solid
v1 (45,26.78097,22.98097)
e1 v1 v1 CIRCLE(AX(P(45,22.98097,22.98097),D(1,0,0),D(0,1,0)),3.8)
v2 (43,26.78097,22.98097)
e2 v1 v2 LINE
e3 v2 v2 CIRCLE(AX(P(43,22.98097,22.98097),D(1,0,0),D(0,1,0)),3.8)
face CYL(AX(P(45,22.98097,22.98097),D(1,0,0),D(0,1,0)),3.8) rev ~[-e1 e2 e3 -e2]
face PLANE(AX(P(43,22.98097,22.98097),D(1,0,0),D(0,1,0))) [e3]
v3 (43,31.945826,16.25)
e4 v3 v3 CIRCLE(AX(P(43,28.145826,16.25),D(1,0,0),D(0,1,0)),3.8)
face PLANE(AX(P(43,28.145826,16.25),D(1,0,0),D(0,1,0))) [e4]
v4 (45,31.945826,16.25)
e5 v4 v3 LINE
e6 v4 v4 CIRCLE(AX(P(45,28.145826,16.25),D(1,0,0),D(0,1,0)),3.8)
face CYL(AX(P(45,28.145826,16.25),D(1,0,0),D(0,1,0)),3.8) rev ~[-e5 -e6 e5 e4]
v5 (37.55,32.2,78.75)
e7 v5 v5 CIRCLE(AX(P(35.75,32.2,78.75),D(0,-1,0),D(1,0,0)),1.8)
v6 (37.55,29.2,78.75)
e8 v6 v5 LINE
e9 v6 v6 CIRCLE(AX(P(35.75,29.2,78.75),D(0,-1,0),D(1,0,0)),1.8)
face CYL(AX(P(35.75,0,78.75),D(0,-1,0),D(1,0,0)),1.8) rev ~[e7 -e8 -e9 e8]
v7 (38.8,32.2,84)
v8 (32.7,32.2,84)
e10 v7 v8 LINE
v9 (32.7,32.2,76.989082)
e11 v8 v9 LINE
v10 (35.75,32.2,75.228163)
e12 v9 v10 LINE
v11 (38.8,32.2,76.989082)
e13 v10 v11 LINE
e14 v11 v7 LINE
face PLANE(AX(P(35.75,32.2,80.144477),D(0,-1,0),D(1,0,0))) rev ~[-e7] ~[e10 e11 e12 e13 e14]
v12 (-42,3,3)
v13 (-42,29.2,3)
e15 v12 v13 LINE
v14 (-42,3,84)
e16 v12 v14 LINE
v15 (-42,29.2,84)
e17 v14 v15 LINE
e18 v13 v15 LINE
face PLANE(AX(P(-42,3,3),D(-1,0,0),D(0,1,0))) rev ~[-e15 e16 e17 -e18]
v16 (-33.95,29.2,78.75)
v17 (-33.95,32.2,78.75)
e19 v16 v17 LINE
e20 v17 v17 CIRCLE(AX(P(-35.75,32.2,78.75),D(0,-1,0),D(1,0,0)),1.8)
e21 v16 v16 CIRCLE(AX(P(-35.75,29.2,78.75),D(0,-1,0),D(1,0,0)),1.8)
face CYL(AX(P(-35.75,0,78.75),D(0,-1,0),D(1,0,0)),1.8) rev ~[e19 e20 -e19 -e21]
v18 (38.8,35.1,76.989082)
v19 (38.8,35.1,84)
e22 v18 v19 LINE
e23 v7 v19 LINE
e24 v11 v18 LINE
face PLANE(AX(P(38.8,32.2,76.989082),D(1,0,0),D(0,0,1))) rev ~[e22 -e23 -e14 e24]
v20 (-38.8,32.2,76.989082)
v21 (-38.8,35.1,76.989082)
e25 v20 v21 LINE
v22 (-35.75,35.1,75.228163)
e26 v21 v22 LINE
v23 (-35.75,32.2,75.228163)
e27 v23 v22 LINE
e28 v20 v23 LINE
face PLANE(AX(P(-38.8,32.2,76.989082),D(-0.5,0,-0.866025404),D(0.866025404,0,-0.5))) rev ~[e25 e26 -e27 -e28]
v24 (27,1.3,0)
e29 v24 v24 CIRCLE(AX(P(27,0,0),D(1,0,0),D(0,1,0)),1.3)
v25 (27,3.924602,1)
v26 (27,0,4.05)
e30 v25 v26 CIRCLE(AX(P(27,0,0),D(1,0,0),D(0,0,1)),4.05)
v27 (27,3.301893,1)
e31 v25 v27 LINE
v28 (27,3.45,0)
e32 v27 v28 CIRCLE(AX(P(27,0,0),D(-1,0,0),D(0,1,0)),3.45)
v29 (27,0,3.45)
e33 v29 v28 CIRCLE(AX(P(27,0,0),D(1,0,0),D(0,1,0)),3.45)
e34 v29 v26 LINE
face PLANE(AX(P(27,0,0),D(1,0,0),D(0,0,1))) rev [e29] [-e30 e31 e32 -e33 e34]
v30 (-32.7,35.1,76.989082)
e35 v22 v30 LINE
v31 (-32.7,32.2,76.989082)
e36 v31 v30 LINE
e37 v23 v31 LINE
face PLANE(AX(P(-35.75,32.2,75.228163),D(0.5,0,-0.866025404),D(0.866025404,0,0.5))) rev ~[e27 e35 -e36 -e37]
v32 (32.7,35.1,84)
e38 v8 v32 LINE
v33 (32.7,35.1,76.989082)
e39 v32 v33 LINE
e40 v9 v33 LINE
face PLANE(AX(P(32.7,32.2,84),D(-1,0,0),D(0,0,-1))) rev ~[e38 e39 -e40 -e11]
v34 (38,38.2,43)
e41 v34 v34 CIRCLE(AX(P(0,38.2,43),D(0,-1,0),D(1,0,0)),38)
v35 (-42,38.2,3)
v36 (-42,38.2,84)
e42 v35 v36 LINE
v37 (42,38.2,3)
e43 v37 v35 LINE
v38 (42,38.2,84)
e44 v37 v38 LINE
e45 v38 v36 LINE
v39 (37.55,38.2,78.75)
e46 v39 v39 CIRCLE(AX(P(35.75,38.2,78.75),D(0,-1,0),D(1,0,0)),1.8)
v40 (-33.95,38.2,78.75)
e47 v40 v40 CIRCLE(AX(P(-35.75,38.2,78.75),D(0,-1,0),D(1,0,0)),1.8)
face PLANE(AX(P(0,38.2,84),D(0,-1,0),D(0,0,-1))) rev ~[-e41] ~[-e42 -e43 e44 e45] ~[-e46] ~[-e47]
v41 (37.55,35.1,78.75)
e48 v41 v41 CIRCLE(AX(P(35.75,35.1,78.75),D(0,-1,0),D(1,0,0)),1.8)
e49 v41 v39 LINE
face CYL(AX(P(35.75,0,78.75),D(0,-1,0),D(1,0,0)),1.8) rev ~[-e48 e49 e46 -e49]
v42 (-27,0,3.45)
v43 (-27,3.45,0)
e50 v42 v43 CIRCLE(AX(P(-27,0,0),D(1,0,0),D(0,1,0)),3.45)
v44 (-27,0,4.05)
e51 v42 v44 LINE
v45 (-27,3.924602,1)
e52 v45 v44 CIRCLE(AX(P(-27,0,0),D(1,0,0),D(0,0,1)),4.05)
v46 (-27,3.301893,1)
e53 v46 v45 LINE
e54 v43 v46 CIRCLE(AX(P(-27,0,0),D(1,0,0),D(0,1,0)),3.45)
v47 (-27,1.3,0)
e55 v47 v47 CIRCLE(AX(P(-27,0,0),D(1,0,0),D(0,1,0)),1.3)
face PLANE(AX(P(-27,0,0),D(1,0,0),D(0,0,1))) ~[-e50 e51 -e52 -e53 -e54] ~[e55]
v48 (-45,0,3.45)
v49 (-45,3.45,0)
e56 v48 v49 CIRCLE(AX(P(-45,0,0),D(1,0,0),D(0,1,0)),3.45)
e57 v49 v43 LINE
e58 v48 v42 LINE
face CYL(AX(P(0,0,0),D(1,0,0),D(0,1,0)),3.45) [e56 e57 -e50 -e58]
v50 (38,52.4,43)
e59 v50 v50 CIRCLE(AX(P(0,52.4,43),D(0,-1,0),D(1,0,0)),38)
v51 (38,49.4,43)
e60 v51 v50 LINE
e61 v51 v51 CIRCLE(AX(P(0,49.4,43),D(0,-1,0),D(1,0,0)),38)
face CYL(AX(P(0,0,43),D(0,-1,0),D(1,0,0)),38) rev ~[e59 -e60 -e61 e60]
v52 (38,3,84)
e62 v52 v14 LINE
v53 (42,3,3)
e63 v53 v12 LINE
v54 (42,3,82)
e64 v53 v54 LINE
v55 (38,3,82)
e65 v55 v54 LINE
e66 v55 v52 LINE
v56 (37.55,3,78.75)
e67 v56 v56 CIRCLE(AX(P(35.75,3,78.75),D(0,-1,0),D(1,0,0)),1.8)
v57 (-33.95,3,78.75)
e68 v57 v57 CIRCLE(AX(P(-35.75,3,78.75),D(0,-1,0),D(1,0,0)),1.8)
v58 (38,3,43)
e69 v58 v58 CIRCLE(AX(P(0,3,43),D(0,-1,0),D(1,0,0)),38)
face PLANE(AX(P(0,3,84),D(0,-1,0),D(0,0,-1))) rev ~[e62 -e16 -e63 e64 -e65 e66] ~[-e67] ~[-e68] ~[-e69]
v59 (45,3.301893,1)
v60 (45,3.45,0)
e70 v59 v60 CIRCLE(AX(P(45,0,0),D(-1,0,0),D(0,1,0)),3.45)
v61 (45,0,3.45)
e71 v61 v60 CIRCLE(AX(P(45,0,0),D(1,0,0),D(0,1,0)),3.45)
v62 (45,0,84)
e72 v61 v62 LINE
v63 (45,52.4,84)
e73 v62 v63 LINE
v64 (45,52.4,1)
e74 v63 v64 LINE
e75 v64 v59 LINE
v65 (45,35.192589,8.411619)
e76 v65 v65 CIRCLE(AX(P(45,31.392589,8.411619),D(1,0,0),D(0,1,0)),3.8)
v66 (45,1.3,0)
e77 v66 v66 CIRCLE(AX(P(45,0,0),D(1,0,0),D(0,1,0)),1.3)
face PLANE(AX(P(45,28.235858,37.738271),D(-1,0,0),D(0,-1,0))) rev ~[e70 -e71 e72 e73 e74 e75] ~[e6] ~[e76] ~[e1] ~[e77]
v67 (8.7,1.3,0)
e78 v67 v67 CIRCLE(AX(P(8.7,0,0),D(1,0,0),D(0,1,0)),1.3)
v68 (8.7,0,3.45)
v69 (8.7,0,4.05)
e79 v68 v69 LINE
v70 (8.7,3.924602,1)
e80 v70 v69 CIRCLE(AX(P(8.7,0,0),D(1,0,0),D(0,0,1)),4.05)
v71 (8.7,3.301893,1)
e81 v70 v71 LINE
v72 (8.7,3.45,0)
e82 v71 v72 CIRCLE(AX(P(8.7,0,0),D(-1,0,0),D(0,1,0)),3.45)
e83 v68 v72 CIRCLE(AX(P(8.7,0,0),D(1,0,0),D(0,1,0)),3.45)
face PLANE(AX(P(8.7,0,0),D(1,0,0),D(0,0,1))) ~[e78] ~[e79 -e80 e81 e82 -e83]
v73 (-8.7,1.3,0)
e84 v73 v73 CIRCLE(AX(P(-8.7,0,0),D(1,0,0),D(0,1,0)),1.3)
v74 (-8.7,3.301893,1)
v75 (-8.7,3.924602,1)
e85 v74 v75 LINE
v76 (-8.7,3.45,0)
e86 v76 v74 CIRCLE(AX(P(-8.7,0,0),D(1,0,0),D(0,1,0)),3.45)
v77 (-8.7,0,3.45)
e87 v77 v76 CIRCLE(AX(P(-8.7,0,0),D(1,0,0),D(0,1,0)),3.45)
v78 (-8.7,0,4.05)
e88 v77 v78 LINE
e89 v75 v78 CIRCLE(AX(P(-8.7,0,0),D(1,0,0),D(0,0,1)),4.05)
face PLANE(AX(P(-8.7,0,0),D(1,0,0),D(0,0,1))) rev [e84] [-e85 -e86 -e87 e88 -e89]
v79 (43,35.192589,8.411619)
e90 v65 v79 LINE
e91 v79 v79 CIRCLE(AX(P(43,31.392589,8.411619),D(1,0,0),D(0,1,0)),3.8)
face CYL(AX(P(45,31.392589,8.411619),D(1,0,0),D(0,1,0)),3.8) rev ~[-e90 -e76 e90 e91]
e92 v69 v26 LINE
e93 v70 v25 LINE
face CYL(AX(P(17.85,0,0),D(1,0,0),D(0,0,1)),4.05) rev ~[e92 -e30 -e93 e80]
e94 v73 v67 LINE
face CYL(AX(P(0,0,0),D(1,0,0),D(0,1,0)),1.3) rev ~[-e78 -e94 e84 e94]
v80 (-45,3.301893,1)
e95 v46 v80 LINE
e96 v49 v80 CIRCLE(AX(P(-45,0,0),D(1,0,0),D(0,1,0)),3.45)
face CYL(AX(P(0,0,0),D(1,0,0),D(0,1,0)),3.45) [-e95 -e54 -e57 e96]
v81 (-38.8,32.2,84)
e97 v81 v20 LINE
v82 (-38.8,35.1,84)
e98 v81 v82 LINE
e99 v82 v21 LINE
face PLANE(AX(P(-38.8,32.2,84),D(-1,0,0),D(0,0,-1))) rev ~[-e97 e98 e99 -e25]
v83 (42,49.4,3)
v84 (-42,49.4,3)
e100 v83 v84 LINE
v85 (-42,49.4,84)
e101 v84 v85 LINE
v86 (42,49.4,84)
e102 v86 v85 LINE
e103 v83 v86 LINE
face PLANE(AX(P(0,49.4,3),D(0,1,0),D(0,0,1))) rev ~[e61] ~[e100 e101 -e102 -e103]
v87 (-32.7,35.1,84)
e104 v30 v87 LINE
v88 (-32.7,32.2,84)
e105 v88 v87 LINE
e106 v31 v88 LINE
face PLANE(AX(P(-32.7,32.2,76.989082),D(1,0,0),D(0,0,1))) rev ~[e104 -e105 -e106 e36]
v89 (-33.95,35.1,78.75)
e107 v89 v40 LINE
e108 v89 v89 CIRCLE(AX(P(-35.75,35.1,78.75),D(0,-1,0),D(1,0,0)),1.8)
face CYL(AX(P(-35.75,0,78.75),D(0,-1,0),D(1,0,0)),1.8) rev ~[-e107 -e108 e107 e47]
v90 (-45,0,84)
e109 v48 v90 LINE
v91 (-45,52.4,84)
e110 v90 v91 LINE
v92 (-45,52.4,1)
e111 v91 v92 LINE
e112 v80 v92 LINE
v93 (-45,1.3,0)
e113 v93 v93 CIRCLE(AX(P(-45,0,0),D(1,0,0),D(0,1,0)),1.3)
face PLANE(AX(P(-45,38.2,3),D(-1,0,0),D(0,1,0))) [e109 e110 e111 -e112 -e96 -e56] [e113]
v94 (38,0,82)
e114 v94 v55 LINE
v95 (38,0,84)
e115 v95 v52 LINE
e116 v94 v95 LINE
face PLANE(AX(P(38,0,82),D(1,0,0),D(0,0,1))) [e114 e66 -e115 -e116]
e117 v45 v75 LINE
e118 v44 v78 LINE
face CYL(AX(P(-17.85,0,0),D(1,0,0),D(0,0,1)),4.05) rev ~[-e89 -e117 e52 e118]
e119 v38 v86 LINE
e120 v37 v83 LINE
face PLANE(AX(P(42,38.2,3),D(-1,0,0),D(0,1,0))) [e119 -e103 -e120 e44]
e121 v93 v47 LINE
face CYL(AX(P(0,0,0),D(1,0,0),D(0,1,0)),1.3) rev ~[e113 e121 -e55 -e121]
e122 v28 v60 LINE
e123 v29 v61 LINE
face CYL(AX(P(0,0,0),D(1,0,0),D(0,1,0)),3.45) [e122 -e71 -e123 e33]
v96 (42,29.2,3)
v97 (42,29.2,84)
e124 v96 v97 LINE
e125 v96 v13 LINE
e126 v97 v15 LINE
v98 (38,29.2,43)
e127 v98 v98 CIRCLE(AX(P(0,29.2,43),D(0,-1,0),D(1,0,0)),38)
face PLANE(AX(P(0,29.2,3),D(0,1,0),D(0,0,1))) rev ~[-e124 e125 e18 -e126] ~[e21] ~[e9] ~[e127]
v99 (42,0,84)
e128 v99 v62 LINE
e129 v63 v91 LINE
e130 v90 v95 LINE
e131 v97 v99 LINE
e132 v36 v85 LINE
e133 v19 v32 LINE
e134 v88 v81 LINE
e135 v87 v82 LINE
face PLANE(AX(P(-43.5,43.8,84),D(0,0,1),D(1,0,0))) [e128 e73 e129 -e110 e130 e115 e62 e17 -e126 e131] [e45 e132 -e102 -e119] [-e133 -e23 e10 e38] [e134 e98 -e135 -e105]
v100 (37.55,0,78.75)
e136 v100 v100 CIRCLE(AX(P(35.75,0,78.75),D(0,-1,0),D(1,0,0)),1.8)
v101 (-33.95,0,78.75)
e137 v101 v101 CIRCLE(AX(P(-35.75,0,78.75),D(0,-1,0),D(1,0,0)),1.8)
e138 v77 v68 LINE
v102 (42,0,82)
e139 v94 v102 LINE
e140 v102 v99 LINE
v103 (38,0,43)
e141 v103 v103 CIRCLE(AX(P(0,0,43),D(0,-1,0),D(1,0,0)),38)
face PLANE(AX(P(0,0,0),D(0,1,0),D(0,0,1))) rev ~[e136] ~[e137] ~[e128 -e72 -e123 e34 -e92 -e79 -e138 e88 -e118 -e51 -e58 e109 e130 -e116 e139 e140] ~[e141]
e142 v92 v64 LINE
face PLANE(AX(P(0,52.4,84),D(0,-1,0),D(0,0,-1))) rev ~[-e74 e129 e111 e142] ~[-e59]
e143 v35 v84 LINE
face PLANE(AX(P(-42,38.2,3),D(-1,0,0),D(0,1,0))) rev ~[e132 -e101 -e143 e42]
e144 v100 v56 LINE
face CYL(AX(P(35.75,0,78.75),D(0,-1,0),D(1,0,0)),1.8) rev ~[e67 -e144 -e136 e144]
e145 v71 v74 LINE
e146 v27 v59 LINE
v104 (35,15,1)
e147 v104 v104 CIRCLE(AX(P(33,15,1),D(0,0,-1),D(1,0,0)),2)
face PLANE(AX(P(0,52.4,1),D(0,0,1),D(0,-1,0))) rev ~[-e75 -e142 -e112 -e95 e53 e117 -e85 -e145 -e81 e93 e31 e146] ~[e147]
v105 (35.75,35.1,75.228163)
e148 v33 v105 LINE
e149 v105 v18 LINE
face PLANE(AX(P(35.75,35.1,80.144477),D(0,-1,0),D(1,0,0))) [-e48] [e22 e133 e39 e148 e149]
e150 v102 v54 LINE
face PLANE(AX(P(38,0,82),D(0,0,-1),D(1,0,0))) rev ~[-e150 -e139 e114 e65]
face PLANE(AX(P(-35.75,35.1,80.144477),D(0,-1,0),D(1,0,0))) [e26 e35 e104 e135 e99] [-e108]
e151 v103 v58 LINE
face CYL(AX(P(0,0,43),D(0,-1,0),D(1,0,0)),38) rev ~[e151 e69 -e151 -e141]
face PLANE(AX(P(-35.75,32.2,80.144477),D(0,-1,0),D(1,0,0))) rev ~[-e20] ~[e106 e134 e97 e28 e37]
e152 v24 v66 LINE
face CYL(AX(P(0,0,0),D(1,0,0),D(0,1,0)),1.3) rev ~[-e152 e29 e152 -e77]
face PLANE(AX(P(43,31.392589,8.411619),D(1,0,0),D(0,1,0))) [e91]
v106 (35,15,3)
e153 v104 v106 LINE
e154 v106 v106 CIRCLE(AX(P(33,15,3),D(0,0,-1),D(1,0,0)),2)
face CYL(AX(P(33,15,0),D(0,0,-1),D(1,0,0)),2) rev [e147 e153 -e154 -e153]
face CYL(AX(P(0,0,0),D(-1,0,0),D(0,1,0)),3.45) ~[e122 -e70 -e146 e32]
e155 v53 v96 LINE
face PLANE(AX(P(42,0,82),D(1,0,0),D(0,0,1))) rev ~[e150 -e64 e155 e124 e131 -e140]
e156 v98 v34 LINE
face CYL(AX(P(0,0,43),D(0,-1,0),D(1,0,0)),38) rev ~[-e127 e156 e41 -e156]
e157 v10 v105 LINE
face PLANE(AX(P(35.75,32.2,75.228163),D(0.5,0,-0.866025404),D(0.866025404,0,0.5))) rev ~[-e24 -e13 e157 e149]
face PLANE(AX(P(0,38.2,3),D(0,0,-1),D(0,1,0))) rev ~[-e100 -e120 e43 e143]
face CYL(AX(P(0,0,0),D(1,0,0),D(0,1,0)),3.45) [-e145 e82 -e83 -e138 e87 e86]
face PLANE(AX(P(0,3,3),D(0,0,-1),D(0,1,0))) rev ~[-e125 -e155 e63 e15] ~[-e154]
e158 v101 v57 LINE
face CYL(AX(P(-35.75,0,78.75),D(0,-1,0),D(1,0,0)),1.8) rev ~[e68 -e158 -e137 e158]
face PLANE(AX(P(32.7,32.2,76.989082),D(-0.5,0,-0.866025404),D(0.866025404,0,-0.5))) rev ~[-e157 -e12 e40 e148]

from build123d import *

# Parameters (mm, degrees)
PAD_DEPTH            = 45
SKETCH001_R          = 38
POCKET_DEPTH         = 52.401
SKETCH005_R          = 1.8
POCKET001_DEPTH      = 38.2
SKETCH013_W          = 3
SKETCH013_H          = 26.2
PAD006_DEPTH         = 81
SKETCH014_W          = 3
SKETCH014_H          = 11.2
PAD007_DEPTH         = 81
SKETCH015_R          = 3.45
PAD008_DEPTH         = 45
SKETCH016_R          = 1.3
POCKET005_DEPTH      = 45
SKETCH017_W          = 18.3
SKETCH017_H          = 4.05
SKETCH061_R          = 3.8
POCKET021_DEPTH      = 2
SKETCH062_R          = 2
POCKET022_DEPTH      = 84.001
SKETCH064_W          = 4
SKETCH064_H          = 2
POCKET023_DEPTH      = 3
POCKET024_DEPTH      = 45.001
POCKET024_DEPTH_BACK = 45.001
POCKET029_DEPTH      = 2.9


with BuildPart() as part:
    # Sketch → Pad (new body, symmetric)
    with BuildSketch(Plane.YZ):
        Polygon((0, 84), (3, 84), (3, 3), (29.2, 3), (29.2, 84), (38.2, 84), (38.2, 3), (49.4, 3), (49.4, 84), (52.4, 84), (52.4, 0), (0, 0), align=None)
    extrude(amount=PAD_DEPTH, both=True)

    # Sketch001 → Pocket (cut, through all)
    with BuildSketch(Plane.XZ):
        with Locations((0, 43)):
            Circle(SKETCH001_R)
    extrude(amount=-POCKET_DEPTH, mode=Mode.SUBTRACT)

    # Sketch005 → Pocket001 (cut)
    with BuildSketch(Plane.XZ):
        with Locations((-35.75, 78.75)):
            Circle(SKETCH005_R)
        with Locations((35.75, 78.75)):
            Circle(SKETCH005_R)
    extrude(amount=-POCKET001_DEPTH, mode=Mode.SUBTRACT)

    # Sketch013 (on DatumPlane) → Pad006 (join)
    with BuildSketch(Plane.XY.offset(3)):
        with Locations((-43.5, 16.1)):
            Rectangle(SKETCH013_W, SKETCH013_H)
        with Locations((43.5, 16.1)):
            Rectangle(SKETCH013_W, SKETCH013_H)
    extrude(amount=PAD006_DEPTH)

    # Sketch014 (on DatumPlane) → Pad007 (join)
    with BuildSketch(Plane.XY.offset(3)):
        with Locations((-43.5, 43.8)):
            Rectangle(SKETCH014_W, SKETCH014_H)
        with Locations((43.5, 43.8)):
            Rectangle(SKETCH014_W, SKETCH014_H)
    extrude(amount=PAD007_DEPTH)

    # Sketch015 → Pad008 (join, symmetric)
    with BuildSketch(Plane.YZ):
        Circle(SKETCH015_R)
    extrude(amount=PAD008_DEPTH, both=True)

    # Sketch016 → Pocket005 (cut, symmetric)
    with BuildSketch(Plane.YZ):
        Circle(SKETCH016_R)
    extrude(amount=POCKET005_DEPTH, both=True, mode=Mode.SUBTRACT)

    # Sketch017 → Groove001 (revolve, cut)
    with BuildSketch(Plane.XZ):
        with Locations((-17.85, 2.025)):
            Rectangle(SKETCH017_W, SKETCH017_H)
        with Locations((17.85, 2.025)):
            Rectangle(SKETCH017_W, SKETCH017_H)
    revolve(axis=Axis((0, 0, 0), (1, 0, 0)), mode=Mode.SUBTRACT)

    # Sketch061 → Pocket021 (cut)
    with BuildSketch(Plane.YZ.offset(45)):
        with Locations((22.9809703886, 22.9809703886)):
            Circle(SKETCH061_R)
        with Locations((28.145825623, 16.25)):
            Circle(SKETCH061_R)
        with Locations((31.3925893544, 8.4116189658)):
            Circle(SKETCH061_R)
    extrude(amount=-POCKET021_DEPTH, mode=Mode.SUBTRACT)

    # Sketch062 → Pocket022 (cut, through all)
    with BuildSketch(Plane.XY):
        with Locations((33, 15)):
            Circle(SKETCH062_R)
    extrude(amount=POCKET022_DEPTH, mode=Mode.SUBTRACT)

    # Sketch064 → Pocket023 (cut)
    with BuildSketch(Plane.XZ):
        with Locations((40, 83)):
            Rectangle(SKETCH064_W, SKETCH064_H)
    extrude(amount=-POCKET023_DEPTH, mode=Mode.SUBTRACT)

    # Sketch065 → Pocket024 (cut, two sides)
    with BuildSketch(Plane.YZ) as pocket024_sk:
        with BuildLine():
            Line((3.45, 0), (52.4, 0))
            Line((52.4, 0), (52.4, 1))
            Line((52.4, 1), (3.3018933962, 1))
            ThreePointArc((3.45, 0), (3.4127724959, 0.5054541438), (3.3018933962, 1))
        make_face()
    extrude(amount=-POCKET024_DEPTH, mode=Mode.SUBTRACT)
    extrude(pocket024_sk.sketch, amount=POCKET024_DEPTH_BACK, mode=Mode.SUBTRACT)

    # Sketch070 (on DatumPlane) → Pocket029 (cut)
    with BuildSketch(Plane.XZ.offset(-32.2)):
        Polygon((-32.7, 76.989081679), (-32.7, 80.510918321), (-32.7, 84), (-38.8, 84), (-38.8, 80.510918321), (-38.8, 76.989081679), (-35.75, 75.2281633579), align=None)
        Polygon((38.8, 76.989081679), (38.8, 80.510918321), (38.8, 84), (32.7, 84), (32.7, 80.510918321), (32.7, 76.989081679), (35.75, 75.2281633579), align=None)
    extrude(amount=-POCKET029_DEPTH, mode=Mode.SUBTRACT)


solid = part.part
